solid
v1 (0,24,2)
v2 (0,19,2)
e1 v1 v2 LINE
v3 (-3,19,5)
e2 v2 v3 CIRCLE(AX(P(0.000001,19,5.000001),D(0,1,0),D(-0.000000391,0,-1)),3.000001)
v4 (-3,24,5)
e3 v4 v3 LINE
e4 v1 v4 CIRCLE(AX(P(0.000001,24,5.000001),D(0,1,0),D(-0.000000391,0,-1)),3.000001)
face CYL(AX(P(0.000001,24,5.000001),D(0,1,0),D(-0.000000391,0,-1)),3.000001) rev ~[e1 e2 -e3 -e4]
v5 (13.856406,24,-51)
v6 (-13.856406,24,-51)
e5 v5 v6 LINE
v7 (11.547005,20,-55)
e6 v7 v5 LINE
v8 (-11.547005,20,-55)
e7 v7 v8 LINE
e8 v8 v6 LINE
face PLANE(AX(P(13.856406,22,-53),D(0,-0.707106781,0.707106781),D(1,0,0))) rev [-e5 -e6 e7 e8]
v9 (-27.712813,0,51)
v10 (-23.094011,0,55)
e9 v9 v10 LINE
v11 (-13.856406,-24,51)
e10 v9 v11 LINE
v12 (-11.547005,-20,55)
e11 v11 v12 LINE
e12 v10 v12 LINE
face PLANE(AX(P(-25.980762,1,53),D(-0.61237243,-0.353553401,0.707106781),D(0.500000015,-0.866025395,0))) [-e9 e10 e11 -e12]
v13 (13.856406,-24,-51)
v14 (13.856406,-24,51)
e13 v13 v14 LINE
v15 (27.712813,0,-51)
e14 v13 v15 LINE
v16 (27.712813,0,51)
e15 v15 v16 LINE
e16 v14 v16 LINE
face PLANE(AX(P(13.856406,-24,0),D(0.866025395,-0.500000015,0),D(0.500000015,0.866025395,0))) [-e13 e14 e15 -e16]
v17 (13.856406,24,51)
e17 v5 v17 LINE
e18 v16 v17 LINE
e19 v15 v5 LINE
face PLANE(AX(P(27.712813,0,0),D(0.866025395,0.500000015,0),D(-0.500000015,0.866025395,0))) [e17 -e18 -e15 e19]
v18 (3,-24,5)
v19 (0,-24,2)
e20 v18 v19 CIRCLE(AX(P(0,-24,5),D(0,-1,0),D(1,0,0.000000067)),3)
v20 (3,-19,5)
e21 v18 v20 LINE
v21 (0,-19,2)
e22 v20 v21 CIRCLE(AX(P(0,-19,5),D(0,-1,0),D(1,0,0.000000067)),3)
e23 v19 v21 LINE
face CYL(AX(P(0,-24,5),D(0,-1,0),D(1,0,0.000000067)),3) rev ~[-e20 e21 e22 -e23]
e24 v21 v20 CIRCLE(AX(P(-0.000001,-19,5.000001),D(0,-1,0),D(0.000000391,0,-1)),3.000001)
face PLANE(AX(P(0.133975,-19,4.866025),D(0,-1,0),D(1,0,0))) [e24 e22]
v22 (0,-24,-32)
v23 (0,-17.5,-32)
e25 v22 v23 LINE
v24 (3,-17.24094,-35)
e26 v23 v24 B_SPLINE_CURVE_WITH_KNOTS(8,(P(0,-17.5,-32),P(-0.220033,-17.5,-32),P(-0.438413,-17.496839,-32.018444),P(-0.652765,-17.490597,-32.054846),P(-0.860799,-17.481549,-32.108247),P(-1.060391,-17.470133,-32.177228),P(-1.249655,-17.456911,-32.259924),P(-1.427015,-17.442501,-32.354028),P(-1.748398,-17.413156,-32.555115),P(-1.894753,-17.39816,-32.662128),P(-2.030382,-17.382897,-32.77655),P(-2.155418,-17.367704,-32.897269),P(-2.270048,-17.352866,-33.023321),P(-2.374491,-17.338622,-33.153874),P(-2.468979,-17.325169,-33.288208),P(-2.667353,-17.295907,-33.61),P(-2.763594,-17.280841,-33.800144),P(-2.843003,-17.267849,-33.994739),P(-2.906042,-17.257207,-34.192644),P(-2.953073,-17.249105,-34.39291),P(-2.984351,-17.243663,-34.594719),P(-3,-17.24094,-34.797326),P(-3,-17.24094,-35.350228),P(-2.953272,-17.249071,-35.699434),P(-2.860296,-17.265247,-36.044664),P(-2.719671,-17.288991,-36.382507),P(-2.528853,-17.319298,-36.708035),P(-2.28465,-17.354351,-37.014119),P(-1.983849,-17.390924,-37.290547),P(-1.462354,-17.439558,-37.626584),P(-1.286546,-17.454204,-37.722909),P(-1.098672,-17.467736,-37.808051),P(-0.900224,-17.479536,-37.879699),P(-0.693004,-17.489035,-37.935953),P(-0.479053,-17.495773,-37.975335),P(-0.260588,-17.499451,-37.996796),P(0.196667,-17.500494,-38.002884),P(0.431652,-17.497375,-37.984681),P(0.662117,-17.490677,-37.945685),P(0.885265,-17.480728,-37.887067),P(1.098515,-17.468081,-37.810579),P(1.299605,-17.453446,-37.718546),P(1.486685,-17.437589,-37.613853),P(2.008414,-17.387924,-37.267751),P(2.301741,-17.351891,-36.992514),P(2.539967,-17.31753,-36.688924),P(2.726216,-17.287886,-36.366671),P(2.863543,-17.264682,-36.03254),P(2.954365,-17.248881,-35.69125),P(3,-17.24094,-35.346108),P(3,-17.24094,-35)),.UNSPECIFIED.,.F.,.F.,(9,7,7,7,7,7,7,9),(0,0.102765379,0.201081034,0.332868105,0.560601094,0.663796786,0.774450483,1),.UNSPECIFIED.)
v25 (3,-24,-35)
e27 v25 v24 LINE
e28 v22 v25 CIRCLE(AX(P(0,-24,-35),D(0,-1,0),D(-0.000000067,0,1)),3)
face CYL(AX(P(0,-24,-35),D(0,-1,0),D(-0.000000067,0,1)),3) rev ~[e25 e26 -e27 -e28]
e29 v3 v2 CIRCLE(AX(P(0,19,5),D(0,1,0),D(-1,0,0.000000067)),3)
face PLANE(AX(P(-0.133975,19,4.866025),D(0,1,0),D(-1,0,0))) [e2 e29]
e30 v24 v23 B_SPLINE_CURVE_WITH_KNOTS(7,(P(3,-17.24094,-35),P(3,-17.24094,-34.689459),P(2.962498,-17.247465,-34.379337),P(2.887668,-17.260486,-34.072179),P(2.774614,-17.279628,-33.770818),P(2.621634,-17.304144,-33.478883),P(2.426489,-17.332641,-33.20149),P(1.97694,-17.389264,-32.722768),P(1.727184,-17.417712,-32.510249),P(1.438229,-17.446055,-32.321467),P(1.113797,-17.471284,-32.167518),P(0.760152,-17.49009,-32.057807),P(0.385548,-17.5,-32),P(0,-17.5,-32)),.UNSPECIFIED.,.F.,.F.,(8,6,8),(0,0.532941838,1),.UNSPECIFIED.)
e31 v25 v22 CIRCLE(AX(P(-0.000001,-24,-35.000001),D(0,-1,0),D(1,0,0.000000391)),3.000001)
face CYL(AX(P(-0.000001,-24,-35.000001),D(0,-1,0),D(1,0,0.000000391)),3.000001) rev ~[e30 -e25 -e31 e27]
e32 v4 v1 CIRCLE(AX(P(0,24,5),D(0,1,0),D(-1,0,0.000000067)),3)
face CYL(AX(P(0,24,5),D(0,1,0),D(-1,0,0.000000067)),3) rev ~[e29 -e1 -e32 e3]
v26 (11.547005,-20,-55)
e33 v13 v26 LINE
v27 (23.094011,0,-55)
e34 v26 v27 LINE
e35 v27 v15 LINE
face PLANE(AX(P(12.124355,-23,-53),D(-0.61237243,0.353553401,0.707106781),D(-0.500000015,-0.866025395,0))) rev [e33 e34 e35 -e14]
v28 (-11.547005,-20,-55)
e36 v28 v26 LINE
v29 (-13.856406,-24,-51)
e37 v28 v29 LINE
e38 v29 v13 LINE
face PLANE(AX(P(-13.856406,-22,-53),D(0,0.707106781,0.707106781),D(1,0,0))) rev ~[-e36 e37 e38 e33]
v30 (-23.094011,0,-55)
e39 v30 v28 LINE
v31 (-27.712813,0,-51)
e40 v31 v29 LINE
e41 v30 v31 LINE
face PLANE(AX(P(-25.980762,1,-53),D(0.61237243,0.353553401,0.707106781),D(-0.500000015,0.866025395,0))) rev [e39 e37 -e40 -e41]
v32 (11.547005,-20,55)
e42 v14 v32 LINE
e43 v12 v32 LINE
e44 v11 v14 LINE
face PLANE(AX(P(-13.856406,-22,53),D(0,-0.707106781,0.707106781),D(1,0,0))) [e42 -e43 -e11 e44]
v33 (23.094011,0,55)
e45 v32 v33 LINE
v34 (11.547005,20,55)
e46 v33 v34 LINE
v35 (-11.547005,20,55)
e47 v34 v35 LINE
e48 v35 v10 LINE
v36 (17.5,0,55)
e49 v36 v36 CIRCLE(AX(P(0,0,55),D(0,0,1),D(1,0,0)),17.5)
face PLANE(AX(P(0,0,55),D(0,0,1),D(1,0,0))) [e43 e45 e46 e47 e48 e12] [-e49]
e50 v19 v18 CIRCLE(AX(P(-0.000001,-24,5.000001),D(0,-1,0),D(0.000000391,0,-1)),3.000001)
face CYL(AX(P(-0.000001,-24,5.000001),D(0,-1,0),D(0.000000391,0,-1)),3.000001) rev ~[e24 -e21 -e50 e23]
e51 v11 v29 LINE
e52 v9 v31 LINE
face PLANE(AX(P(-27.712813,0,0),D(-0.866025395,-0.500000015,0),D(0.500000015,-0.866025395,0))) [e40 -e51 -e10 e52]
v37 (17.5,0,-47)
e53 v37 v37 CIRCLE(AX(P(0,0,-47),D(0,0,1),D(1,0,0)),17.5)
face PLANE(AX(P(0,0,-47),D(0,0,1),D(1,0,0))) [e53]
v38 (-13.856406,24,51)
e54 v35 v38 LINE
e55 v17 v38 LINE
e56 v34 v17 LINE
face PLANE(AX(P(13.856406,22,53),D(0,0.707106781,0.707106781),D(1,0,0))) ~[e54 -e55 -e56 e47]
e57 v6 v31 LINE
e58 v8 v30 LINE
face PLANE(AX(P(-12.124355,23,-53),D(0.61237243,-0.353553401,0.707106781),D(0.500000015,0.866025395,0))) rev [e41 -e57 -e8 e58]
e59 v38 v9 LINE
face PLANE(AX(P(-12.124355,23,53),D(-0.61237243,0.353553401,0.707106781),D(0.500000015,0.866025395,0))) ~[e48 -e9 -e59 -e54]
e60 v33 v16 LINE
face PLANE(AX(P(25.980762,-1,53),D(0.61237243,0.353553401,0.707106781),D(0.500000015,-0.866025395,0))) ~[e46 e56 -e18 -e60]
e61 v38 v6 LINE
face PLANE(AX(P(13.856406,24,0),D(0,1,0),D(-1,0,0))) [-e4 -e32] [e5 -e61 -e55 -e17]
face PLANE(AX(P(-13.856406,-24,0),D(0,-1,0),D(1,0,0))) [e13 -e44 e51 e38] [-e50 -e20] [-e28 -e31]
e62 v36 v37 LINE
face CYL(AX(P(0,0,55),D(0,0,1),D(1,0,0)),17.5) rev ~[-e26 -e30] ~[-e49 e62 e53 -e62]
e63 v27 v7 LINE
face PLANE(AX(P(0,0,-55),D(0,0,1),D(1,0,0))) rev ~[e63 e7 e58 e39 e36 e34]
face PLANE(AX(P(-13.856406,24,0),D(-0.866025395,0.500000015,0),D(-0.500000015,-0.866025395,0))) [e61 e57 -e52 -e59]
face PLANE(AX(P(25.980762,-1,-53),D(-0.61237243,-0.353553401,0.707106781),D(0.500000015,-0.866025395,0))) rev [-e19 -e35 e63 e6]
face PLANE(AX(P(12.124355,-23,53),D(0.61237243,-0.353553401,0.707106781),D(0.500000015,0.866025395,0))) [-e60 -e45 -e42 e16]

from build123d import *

# Parameters (mm, degrees)
F1_DEPTH = 55
F2_R     = 17.5
F3_DEPTH = 102
F5_DEPTH = 5
F7_DEPTH = 25
F9_DEPTH = 5
F10_SIZE = 4


with BuildPart() as f1:
    # F0 (on Top) → F1 (new body, symmetric)
    with BuildSketch(Plane.XY):
        Polygon((-13.856406, -24), (13.856406, -24), (27.712813, 0), (13.856406, 24), (-13.856406, 24), (-27.712813, 0), align=None)
    extrude(amount=F1_DEPTH, both=True)

    # F2 (on face) → F3 (cut)
    with BuildSketch(Plane.XY.offset(55)):
        Circle(F2_R)
    extrude(amount=-F3_DEPTH, mode=Mode.SUBTRACT)

    # F4 (on face) → F5 (cut)
    with BuildSketch(Plane(origin=(0, 24, 0), x_dir=(-1, 0, 0), z_dir=(0, 1, 0))):
        with BuildLine():
            ThreePointArc((0, 2), (2.12132, 2.87868), (3, 5))
            ThreePointArc((3, 5), (-2.12132, 7.12132), (0, 2))
        make_face()
    extrude(amount=-F5_DEPTH, mode=Mode.SUBTRACT)

    # F6 (on face) → F7 (cut)
    with BuildSketch(Plane.XZ.offset(24)):
        with BuildLine():
            ThreePointArc((3, -35), (2.12132, -32.87868), (0, -32))
            ThreePointArc((0, -32), (-2.12132, -37.12132), (3, -35))
        make_face()
        with BuildLine():
            ThreePointArc((0.502708, -35), (-0.355468, -35.355468), (0, -34.497292))
            ThreePointArc((0, -34.497292), (0.355468, -34.644532), (0.502708, -35))
        make_face(mode=Mode.SUBTRACT)
        with BuildLine():
            ThreePointArc((0.502708, -35), (0.355468, -34.644532), (0, -34.497292))
            ThreePointArc((0, -34.497292), (-0.355468, -35.355468), (0.502708, -35))
        make_face()
    extrude(amount=-F7_DEPTH, mode=Mode.SUBTRACT)

    # F8 (on face) → F9 (cut)
    with BuildSketch(Plane.XZ.offset(24)):
        with BuildLine():
            ThreePointArc((3, 5), (-2.12132, 7.12132), (0, 2))
            ThreePointArc((0, 2), (2.12132, 2.87868), (3, 5))
        make_face()
    extrude(amount=-F9_DEPTH, mode=Mode.SUBTRACT)

    # F10
    f10_edges = [f1.edges().sort_by_distance(p)[0] for p in [
        (-20.78461, -12, 55),
        (0, -24, 55),
        (0, 24, 55),
        (20.78461, 12, 55),
        (20.78461, -12, 55),
        (-20.78461, 12, 55),
        (-20.78461, -12, -55),
        (0, -24, -55),
        (20.78461, -12, -55),
        (20.78461, 12, -55),
        (0, 24, -55),
        (-20.78461, 12, -55),
    ]]
    chamfer(f10_edges, length=F10_SIZE)


solid = f1.part
